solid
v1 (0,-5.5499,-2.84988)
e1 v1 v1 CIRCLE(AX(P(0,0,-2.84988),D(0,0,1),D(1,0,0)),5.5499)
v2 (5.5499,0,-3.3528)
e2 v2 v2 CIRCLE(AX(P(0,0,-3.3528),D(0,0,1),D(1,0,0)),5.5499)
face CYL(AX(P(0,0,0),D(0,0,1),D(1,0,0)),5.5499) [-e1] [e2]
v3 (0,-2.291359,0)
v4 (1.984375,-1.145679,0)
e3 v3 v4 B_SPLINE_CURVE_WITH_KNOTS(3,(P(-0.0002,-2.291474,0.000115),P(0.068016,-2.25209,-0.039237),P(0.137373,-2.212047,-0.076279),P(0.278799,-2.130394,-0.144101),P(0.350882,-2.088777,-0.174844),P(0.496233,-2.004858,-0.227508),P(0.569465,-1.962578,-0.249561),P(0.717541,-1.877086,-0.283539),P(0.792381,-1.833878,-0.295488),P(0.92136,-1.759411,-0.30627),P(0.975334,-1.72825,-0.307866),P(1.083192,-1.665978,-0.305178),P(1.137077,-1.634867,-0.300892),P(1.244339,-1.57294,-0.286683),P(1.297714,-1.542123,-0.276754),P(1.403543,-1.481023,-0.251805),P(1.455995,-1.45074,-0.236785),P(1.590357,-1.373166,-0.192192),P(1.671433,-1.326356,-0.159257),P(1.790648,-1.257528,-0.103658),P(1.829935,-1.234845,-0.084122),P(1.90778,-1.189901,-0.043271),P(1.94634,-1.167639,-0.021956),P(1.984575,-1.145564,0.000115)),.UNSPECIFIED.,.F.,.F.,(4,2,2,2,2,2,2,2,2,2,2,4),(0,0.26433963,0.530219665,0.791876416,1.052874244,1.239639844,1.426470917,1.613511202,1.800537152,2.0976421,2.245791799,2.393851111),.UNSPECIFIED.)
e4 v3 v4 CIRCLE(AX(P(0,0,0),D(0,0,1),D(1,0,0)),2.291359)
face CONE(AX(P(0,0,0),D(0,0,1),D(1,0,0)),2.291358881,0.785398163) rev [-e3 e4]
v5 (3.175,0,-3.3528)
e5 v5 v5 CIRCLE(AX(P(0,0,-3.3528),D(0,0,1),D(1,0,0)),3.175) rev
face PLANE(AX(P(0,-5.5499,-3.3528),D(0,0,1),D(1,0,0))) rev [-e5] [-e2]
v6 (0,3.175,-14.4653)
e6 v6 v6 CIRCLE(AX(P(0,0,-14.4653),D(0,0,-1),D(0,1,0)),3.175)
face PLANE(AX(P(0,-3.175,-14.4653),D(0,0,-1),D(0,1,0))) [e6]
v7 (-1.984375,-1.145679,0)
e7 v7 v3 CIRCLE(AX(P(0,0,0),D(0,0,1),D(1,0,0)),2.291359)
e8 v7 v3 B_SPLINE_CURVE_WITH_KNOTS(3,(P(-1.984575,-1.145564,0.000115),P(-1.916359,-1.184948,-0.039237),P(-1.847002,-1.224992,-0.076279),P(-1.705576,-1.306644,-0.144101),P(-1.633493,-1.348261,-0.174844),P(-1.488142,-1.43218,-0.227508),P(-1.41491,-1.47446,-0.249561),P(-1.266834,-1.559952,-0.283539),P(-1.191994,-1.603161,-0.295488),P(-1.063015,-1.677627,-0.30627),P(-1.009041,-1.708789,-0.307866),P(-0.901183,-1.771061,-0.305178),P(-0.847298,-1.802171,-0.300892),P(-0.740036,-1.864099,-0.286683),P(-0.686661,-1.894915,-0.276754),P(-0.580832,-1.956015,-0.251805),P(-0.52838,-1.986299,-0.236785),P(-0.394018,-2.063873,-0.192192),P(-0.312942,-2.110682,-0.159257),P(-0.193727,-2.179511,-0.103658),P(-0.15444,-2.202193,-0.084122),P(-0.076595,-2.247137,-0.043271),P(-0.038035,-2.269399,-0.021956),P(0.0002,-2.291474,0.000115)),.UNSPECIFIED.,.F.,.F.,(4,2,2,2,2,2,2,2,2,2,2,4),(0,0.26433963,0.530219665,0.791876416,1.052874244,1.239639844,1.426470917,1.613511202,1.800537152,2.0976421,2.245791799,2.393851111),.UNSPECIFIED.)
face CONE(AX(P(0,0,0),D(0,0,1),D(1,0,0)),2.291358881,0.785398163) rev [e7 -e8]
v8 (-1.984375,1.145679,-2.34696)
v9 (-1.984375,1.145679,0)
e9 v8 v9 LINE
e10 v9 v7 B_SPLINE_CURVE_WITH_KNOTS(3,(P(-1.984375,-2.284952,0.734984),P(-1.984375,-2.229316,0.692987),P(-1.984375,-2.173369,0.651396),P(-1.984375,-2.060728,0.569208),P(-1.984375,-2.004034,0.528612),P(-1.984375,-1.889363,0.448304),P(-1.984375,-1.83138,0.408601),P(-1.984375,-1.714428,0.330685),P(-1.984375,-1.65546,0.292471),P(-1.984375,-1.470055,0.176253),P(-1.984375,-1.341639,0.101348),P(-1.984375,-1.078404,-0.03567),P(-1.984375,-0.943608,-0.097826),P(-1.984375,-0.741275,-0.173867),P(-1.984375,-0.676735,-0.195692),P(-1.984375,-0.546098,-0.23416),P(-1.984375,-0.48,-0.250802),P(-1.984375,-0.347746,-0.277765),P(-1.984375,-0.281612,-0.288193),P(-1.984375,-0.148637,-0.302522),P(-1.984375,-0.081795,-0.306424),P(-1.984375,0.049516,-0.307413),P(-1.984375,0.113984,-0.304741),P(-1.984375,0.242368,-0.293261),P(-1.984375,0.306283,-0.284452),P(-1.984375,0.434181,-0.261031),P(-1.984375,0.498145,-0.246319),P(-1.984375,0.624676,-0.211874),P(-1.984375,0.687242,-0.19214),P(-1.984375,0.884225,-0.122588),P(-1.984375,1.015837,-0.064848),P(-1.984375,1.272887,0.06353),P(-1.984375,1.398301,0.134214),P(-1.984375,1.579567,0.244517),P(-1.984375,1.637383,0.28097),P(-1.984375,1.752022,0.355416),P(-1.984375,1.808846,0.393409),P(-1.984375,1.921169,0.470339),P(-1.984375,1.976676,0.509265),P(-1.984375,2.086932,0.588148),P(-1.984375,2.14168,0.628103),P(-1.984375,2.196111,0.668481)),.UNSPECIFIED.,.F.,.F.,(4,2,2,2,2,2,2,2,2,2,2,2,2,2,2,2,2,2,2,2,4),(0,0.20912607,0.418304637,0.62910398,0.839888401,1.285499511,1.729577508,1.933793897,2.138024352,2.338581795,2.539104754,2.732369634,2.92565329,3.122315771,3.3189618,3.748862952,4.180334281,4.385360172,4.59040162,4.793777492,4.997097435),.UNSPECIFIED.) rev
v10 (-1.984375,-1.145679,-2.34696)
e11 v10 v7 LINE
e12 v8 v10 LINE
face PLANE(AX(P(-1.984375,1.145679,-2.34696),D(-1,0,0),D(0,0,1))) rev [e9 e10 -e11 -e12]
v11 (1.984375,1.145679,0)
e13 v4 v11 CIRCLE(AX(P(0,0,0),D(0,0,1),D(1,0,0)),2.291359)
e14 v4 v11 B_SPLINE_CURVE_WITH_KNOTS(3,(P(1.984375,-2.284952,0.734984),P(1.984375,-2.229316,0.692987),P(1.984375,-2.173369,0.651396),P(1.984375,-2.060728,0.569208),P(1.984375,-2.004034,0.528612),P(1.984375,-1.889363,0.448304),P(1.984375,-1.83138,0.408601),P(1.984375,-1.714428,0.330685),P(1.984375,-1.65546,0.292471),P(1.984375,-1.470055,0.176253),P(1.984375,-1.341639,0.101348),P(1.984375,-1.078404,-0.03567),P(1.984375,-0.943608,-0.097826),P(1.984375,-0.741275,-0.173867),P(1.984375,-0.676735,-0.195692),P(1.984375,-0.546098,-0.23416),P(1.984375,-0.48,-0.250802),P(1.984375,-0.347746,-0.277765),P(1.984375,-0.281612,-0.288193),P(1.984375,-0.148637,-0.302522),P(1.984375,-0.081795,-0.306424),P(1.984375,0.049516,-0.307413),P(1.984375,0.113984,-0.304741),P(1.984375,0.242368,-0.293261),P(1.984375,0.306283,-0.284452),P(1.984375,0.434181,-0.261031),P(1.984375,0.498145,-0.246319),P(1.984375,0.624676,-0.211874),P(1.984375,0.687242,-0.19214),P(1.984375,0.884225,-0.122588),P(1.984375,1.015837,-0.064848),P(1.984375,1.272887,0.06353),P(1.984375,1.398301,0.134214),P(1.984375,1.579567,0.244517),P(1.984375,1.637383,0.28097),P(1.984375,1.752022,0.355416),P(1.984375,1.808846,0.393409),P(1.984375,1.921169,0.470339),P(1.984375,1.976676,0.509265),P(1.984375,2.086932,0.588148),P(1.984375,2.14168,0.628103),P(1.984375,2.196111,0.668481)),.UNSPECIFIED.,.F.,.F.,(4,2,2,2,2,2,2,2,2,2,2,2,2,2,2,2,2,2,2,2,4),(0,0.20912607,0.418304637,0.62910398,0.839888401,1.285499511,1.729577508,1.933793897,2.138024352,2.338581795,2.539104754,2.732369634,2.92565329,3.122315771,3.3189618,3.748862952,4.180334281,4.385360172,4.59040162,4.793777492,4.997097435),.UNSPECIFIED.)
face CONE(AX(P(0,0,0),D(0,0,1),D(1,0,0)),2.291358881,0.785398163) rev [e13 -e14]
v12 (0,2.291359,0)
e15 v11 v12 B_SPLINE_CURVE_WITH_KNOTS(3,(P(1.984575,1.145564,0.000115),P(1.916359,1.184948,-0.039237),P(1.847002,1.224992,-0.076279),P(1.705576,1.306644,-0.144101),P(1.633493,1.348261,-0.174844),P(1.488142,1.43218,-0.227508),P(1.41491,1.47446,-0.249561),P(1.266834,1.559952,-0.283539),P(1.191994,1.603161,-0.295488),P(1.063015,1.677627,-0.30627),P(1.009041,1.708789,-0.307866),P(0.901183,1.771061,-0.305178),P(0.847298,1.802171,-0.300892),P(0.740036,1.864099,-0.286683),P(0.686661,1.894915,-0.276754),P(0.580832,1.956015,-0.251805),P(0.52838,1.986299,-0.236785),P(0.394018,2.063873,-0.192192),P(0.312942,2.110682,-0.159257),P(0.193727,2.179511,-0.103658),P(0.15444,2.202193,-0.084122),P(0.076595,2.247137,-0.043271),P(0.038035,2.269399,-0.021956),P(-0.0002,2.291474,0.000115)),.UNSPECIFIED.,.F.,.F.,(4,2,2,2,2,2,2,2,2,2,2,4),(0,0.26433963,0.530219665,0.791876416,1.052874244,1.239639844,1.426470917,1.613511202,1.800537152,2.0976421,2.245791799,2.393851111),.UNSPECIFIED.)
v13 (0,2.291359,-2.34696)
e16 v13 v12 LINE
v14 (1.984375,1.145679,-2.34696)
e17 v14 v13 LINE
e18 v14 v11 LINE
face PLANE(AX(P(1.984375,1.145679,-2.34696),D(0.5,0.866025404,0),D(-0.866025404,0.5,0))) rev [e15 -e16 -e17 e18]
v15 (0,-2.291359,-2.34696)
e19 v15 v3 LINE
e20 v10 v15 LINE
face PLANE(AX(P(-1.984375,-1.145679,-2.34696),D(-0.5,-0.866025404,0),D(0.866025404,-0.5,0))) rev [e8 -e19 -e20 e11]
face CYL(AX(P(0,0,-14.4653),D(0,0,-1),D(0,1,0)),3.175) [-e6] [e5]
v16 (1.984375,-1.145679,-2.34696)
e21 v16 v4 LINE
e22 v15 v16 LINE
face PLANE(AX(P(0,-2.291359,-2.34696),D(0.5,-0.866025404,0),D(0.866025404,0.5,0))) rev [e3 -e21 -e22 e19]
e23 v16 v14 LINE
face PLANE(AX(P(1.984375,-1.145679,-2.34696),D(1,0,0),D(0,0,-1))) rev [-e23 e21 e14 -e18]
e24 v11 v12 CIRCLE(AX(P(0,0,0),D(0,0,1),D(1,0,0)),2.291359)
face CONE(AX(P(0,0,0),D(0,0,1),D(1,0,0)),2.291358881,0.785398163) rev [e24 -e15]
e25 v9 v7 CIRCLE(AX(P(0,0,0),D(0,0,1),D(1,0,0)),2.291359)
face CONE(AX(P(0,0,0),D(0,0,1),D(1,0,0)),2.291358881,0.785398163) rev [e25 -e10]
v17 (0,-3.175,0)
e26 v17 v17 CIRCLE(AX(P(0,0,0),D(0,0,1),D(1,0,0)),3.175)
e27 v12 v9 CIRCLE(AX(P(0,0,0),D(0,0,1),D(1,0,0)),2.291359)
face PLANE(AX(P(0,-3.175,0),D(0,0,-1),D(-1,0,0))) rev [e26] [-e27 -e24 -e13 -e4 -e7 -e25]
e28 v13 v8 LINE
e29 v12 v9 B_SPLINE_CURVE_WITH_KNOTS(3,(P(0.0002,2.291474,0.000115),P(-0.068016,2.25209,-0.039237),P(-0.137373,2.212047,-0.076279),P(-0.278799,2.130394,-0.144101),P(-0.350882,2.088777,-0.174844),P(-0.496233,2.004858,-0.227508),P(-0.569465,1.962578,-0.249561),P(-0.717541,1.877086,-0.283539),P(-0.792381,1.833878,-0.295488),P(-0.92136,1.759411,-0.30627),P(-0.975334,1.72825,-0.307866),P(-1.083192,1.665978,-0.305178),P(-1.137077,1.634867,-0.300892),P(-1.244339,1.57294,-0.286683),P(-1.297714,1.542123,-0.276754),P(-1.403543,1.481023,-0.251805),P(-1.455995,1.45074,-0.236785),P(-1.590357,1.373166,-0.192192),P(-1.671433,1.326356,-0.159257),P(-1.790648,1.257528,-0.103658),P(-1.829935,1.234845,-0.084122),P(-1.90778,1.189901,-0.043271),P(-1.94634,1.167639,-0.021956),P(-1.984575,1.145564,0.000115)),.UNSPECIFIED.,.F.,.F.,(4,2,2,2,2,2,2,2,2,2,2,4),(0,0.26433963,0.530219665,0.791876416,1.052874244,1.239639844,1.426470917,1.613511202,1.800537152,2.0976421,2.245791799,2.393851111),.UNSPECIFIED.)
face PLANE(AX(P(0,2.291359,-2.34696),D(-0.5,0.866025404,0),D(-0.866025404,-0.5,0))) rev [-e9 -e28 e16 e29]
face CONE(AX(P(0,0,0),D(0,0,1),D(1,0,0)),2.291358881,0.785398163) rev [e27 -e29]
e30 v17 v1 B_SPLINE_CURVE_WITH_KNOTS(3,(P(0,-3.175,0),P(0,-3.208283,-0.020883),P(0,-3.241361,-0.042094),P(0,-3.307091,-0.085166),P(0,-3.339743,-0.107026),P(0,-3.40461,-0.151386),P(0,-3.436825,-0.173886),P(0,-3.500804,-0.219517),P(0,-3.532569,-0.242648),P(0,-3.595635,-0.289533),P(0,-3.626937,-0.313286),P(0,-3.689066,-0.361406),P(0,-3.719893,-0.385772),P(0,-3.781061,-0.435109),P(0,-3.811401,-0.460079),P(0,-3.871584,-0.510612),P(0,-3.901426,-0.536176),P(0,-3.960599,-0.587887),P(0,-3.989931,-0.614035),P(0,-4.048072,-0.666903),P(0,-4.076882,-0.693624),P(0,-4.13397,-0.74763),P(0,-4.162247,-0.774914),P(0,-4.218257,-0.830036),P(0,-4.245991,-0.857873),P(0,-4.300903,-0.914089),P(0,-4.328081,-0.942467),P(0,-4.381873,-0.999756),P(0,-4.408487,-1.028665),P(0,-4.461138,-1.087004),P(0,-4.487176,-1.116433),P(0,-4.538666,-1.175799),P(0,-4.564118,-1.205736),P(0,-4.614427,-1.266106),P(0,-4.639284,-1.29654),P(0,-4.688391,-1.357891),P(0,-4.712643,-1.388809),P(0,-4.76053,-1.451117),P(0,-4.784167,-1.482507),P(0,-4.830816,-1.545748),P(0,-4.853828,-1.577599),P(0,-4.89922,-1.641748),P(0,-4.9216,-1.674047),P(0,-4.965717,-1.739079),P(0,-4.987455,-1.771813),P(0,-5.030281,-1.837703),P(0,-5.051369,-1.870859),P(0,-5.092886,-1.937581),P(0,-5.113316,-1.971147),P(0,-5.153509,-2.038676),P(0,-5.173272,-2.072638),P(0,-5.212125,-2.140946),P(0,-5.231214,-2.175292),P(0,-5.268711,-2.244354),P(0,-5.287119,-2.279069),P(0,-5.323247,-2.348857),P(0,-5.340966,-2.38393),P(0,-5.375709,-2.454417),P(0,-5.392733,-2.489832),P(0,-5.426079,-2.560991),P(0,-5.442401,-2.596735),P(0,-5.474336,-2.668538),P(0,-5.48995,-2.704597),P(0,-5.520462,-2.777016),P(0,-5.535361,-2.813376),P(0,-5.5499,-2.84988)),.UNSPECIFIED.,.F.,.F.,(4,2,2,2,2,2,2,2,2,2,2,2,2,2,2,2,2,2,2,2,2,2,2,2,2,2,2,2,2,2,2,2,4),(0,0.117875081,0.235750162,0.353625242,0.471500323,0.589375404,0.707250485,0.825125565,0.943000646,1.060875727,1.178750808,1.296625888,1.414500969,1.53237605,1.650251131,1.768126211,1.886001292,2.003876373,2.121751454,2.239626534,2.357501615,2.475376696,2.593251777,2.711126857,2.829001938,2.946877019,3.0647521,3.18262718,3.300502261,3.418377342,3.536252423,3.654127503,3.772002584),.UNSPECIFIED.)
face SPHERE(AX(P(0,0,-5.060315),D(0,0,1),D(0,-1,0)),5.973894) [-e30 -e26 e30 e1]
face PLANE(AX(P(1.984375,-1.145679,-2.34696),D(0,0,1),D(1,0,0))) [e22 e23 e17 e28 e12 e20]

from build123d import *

# Parameters (mm, degrees)
SKETCH1_W          = 11.1125
SKETCH1_H          = 3.175
CUT_EXTRUDE2_DEPTH = 2.34696


with BuildPart() as part:
    # Sketch1 → Revolve1 (revolve)
    with BuildSketch(Plane(origin=(0, 0, 0), x_dir=(0, 0, -1), z_dir=(1, 0, 0))):
        with Locations((8.90905, 1.5875)):
            Rectangle(SKETCH1_W, SKETCH1_H)
    revolve(axis=Axis((0, 0, -14.4653), (0, 0, 1)))

    # Sketch7 → Revolve2 (revolve)
    with BuildSketch(Plane(origin=(0, 0, 0), x_dir=(0, 0, -1), z_dir=(1, 0, 0)), mode=Mode.PRIVATE) as revolve2_sk:
        with BuildLine():
            Line((2.84988, 5.5499), (3.3528, 5.5499))
            Line((3.3528, 5.5499), (3.3528, 0))
            Line((3.3528, 0), (0, 0))
            Line((0, 0), (0, 3.175))
            ThreePointArc((0, 3.175), (1.235921075, 4.58927271), (2.84988, 5.5499))
        make_face()
    revolve(revolve2_sk.sketch.rotate(Axis((0, 0, 0), (0, 0, -1)), 180), axis=Axis((0, 0, 0), (0, 0, -1)))

    # Sketch5 → Cut-Extrude2 (cut)
    with BuildSketch(Plane.XY):
        Polygon((1.984375, -1.14567944), (1.984375, 1.14567944), (0, 2.291358881), (-1.984375, 1.14567944), (-1.984375, -1.14567944), (0, -2.291358881), align=None)
    extrude(amount=-CUT_EXTRUDE2_DEPTH, mode=Mode.SUBTRACT)

    # Cut-Extrude3 cone 1 section (through the dimple's axis) → Cut-Extrude3 (revolve, cut)
    with BuildSketch(Plane(origin=(0, 0, 0), x_dir=(0, -1, 0), z_dir=(1, 0, 0))):
        Polygon((0, 0), (2.291358881, 0), (0, 2.291358881), align=None)
    revolve(axis=Axis((0, 0, 0), (0, 0, -1)), mode=Mode.SUBTRACT)


solid = part.part
